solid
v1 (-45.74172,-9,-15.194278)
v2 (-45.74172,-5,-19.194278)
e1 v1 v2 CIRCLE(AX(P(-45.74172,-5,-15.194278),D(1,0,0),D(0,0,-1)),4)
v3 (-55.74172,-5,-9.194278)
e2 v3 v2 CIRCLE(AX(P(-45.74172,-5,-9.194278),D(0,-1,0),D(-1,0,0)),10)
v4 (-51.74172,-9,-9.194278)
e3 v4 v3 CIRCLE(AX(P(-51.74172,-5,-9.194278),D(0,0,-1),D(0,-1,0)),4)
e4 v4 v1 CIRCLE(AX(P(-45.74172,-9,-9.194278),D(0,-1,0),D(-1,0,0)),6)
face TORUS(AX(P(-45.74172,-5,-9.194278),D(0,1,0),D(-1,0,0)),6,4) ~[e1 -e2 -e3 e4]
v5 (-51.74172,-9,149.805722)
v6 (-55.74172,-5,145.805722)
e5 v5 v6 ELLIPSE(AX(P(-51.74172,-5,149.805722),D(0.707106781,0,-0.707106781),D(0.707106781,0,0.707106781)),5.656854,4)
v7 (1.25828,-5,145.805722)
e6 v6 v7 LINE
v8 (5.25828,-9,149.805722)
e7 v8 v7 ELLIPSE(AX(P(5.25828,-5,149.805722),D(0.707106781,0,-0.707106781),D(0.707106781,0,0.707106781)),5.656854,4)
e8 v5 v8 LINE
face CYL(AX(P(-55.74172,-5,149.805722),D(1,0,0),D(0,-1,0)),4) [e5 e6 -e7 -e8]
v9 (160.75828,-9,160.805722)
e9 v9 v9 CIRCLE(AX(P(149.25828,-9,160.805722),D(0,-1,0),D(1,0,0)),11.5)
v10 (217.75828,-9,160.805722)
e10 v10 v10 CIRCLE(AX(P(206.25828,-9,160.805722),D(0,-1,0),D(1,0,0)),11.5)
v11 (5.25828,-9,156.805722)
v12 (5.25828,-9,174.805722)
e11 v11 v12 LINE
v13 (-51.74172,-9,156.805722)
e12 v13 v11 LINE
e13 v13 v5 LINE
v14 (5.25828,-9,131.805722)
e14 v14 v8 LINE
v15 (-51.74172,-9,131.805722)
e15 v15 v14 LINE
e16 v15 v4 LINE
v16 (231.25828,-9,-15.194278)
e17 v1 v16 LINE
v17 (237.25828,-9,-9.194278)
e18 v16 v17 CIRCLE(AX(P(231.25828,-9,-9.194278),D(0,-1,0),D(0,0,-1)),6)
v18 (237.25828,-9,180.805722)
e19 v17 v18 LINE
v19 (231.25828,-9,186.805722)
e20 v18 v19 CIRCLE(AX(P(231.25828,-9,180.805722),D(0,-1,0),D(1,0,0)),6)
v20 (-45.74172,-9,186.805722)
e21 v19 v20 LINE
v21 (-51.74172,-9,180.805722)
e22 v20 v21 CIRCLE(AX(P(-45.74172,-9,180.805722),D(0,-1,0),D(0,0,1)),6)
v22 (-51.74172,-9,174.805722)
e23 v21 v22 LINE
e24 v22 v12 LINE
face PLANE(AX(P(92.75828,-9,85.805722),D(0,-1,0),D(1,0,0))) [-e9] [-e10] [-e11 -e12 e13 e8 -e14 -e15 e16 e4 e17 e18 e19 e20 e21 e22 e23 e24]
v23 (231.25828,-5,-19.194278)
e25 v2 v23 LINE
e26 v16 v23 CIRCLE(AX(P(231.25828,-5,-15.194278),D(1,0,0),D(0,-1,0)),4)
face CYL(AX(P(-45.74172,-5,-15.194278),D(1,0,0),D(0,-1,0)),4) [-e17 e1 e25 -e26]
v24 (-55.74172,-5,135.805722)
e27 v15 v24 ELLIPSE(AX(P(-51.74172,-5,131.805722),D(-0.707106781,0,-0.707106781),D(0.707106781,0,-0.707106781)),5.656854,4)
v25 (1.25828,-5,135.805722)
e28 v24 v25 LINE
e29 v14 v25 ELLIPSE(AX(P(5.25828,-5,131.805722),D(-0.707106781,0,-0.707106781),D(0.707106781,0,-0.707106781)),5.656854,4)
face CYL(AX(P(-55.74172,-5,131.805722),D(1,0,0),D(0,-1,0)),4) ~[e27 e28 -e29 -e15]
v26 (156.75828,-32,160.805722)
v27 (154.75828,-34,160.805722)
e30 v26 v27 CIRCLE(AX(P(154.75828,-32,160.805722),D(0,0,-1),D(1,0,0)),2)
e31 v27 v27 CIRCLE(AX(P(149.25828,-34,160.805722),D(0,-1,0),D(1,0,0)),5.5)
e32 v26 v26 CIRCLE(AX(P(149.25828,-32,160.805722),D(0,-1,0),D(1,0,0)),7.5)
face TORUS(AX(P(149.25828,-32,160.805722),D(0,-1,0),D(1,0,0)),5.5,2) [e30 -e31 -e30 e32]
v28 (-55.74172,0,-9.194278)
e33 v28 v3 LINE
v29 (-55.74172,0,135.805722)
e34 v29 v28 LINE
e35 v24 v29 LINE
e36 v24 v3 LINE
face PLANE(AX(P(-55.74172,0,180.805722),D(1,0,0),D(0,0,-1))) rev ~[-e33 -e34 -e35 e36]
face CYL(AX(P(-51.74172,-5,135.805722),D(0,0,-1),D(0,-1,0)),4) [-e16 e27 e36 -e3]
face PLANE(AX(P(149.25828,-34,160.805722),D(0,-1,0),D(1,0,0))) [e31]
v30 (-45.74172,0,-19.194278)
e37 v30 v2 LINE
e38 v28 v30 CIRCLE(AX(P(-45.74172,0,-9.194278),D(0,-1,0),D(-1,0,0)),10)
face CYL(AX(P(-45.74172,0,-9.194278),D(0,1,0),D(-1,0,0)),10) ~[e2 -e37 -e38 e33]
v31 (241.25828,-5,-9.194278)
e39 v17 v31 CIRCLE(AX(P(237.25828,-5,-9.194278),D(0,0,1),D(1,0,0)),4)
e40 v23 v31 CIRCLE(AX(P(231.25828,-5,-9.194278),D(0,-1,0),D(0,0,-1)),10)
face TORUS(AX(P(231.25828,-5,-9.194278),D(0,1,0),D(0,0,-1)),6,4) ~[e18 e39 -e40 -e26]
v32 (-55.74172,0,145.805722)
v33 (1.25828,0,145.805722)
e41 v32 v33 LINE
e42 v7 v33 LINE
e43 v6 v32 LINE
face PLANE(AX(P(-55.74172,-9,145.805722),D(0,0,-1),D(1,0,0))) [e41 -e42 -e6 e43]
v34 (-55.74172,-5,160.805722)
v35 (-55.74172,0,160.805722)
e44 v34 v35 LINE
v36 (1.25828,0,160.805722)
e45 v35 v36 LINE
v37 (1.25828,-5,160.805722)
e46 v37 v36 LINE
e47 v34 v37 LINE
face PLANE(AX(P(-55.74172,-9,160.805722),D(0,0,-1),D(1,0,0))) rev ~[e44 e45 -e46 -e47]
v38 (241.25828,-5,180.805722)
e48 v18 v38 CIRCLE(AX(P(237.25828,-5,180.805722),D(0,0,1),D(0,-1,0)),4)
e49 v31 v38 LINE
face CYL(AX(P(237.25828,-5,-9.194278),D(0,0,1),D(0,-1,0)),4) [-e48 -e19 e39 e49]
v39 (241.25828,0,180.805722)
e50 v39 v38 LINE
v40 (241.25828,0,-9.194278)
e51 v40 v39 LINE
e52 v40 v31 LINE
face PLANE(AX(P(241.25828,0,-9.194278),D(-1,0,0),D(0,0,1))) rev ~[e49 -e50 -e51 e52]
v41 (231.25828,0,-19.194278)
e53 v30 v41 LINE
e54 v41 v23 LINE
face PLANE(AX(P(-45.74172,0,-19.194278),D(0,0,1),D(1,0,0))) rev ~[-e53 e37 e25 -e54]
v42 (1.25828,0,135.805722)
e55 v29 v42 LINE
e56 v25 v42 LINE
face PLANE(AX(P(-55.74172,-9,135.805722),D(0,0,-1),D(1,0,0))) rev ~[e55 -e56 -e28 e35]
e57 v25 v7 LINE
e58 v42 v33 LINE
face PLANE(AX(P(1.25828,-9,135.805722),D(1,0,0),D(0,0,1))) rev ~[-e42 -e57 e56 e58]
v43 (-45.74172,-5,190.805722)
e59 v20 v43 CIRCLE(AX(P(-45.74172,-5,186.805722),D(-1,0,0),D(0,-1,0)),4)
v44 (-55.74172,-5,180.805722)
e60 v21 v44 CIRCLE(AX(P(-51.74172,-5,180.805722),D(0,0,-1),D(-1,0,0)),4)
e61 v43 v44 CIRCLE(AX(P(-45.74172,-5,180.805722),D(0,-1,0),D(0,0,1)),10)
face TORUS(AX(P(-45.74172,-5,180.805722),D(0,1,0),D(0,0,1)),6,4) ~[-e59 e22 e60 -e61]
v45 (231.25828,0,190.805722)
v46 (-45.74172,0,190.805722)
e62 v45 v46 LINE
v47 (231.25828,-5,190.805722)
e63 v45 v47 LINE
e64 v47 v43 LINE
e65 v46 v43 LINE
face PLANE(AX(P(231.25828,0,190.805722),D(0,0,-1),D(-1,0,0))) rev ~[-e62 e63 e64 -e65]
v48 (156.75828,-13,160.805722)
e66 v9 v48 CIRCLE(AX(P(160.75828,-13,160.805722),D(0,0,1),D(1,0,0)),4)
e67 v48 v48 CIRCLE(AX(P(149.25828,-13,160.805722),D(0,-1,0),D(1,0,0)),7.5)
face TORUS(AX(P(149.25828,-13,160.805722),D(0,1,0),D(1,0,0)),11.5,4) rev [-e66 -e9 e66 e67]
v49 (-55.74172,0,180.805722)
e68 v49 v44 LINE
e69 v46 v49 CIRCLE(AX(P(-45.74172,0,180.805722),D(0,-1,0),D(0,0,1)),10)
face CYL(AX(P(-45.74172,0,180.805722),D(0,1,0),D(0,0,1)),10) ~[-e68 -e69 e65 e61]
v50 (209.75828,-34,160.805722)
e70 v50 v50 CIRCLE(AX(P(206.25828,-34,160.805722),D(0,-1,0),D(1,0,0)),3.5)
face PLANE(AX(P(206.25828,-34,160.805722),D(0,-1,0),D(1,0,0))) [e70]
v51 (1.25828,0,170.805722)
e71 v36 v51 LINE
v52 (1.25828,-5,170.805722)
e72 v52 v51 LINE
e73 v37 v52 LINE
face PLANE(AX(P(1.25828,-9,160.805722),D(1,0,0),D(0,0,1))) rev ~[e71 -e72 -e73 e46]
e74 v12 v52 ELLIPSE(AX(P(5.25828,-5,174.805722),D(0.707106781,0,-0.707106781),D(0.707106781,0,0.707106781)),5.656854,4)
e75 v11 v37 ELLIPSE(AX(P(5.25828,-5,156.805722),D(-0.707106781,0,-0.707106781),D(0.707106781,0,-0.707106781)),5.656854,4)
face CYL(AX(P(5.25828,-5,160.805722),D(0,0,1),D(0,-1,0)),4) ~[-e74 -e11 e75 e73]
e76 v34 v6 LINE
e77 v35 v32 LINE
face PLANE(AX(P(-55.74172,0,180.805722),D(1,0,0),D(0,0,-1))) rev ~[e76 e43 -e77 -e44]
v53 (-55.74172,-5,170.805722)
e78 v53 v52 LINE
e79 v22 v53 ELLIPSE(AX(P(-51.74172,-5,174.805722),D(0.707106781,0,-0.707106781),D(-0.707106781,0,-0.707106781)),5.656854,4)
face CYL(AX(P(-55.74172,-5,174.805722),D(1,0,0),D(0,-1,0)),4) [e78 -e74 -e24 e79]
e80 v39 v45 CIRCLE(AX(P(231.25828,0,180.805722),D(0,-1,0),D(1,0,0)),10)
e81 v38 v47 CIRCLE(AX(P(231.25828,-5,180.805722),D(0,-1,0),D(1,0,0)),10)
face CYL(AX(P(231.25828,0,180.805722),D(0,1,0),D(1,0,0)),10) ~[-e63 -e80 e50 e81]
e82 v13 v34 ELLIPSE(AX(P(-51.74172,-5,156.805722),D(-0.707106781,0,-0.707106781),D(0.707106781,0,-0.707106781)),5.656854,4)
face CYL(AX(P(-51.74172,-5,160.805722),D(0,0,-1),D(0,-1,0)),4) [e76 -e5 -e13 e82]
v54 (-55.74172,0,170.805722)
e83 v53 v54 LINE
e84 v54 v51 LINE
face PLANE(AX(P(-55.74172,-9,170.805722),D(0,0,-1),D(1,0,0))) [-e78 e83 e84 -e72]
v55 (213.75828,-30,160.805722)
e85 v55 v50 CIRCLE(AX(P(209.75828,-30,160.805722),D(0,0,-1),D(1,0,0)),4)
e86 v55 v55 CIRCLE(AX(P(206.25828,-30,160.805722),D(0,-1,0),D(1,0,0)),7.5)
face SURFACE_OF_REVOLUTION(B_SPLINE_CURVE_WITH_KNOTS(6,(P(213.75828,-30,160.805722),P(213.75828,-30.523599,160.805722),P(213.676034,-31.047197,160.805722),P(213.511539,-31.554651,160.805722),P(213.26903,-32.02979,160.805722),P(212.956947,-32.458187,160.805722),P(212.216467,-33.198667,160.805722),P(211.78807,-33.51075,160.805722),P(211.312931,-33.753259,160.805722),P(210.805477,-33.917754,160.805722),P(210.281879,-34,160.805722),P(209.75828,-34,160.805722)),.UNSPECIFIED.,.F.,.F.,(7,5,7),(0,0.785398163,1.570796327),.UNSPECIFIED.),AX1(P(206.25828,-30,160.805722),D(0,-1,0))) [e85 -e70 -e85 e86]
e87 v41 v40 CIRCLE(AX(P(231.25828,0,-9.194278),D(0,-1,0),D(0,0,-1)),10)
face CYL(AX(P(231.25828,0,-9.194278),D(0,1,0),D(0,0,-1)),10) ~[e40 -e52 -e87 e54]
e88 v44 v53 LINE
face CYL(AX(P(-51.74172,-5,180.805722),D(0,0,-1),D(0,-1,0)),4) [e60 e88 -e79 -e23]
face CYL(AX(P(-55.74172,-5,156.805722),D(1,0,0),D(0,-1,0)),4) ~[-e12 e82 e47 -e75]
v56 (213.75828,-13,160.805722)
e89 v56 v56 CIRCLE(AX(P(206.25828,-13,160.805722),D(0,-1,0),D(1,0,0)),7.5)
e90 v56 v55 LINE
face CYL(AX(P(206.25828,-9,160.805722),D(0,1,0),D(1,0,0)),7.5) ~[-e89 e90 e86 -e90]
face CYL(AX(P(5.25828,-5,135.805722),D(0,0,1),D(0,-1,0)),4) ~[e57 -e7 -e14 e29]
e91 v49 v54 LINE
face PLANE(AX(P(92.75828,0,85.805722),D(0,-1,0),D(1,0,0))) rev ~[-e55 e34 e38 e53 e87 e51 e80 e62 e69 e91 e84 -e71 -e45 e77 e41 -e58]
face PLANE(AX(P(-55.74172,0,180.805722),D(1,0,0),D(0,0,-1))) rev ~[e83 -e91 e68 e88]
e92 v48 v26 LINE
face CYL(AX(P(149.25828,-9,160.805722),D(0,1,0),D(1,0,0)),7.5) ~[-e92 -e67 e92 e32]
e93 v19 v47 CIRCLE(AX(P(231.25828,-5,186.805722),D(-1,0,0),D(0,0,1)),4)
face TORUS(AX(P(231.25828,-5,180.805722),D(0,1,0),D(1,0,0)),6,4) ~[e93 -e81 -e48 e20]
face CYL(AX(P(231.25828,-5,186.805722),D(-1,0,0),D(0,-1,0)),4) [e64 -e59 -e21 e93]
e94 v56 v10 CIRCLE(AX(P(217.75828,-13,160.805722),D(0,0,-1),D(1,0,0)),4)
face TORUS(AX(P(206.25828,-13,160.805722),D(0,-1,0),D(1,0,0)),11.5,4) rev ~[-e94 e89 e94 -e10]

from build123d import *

# Parameters (mm, degrees)
F1_DEPTH = 9
F2_R     = 7.5
F3_DEPTH = 25
F4_W     = 57
F4_H     = 10
F5_DEPTH = 25
F6_R     = 2
F7_R     = 4
F8_R     = 4


with BuildPart() as f1:
    # F0 (on Front) → F1 (new body)
    with BuildSketch(Plane.XZ):
        with BuildLine():
            Line((231.2582800984, 190.805722177), (-45.7417199016, 190.805722177))
            ThreePointArc((-45.7417199016, 190.805722177), (-52.8127877134, 187.8767899889), (-55.7417199016, 180.805722177))
            Line((-55.7417199016, 180.805722177), (-55.7417199016, -9.194277823))
            ThreePointArc((-55.7417199016, -9.194277823), (-52.8127877134, -16.2653456348), (-45.7417199016, -19.194277823))
            Line((-45.7417199016, -19.194277823), (231.2582800984, -19.194277823))
            ThreePointArc((231.2582800984, -19.194277823), (238.3293479103, -16.2653456348), (241.2582800984, -9.194277823))
            Line((241.2582800984, -9.194277823), (241.2582800984, 180.805722177))
            ThreePointArc((241.2582800984, 180.805722177), (238.3293479103, 187.8767899889), (231.2582800984, 190.805722177))
        make_face()
    extrude(amount=F1_DEPTH)

    # F2 (on face) → F3 (join)
    with BuildSketch(Plane.XZ.offset(9)):
        with Locations((149.2582800984, 160.805722177)):
            Circle(F2_R)
        with Locations((206.2582800984, 160.805722177)):
            Circle(F2_R)
    extrude(amount=F3_DEPTH)

    # F4 (on face) → F5 (cut)
    with BuildSketch(Plane.XZ.offset(9)):
        with Locations((-27.2417199016, 165.805722177)):
            Rectangle(F4_W, F4_H)
        with Locations((-27.2417199016, 140.805722177)):
            Rectangle(F4_W, F4_H)
    extrude(amount=-F5_DEPTH, mode=Mode.SUBTRACT)

    # F6
    f6_edges = [f1.edges().sort_by_distance(p)[0] for p in [
        (141.75828, -34, 160.805722),
    ]]
    fillet(f6_edges, radius=F6_R)

    # F7
    f7_edges = [f1.edges().sort_by_distance(p)[0] for p in [
        (198.75828, -34, 160.805722),
    ]]
    fillet(f7_edges, radius=F7_R)

    # F8
    f8_edges = [f1.edges().sort_by_distance(p)[0] for p in [
        (143.75828, -34, 160.805722),
        (141.75828, -32, 160.805722),
        (238.329348, -9, 187.87679),
        (241.25828, -9, 85.805722),
        (238.329348, -9, -16.265346),
        (92.75828, -9, -19.194278),
        (-52.812788, -9, -16.265346),
        (-55.74172, -9, 63.305722),
        (-27.24172, -9, 135.805722),
        (1.25828, -9, 140.805722),
        (-27.24172, -9, 145.805722),
        (-55.74172, -9, 153.305722),
        (-27.24172, -9, 160.805722),
        (1.25828, -9, 165.805722),
        (-27.24172, -9, 170.805722),
        (-55.74172, -9, 175.805722),
        (-52.812788, -9, 187.87679),
        (92.75828, -9, 190.805722),
        (141.75828, -9, 160.805722),
        (198.75828, -9, 160.805722),
    ]]
    fillet(f8_edges, radius=F8_R)


solid = f1.part
